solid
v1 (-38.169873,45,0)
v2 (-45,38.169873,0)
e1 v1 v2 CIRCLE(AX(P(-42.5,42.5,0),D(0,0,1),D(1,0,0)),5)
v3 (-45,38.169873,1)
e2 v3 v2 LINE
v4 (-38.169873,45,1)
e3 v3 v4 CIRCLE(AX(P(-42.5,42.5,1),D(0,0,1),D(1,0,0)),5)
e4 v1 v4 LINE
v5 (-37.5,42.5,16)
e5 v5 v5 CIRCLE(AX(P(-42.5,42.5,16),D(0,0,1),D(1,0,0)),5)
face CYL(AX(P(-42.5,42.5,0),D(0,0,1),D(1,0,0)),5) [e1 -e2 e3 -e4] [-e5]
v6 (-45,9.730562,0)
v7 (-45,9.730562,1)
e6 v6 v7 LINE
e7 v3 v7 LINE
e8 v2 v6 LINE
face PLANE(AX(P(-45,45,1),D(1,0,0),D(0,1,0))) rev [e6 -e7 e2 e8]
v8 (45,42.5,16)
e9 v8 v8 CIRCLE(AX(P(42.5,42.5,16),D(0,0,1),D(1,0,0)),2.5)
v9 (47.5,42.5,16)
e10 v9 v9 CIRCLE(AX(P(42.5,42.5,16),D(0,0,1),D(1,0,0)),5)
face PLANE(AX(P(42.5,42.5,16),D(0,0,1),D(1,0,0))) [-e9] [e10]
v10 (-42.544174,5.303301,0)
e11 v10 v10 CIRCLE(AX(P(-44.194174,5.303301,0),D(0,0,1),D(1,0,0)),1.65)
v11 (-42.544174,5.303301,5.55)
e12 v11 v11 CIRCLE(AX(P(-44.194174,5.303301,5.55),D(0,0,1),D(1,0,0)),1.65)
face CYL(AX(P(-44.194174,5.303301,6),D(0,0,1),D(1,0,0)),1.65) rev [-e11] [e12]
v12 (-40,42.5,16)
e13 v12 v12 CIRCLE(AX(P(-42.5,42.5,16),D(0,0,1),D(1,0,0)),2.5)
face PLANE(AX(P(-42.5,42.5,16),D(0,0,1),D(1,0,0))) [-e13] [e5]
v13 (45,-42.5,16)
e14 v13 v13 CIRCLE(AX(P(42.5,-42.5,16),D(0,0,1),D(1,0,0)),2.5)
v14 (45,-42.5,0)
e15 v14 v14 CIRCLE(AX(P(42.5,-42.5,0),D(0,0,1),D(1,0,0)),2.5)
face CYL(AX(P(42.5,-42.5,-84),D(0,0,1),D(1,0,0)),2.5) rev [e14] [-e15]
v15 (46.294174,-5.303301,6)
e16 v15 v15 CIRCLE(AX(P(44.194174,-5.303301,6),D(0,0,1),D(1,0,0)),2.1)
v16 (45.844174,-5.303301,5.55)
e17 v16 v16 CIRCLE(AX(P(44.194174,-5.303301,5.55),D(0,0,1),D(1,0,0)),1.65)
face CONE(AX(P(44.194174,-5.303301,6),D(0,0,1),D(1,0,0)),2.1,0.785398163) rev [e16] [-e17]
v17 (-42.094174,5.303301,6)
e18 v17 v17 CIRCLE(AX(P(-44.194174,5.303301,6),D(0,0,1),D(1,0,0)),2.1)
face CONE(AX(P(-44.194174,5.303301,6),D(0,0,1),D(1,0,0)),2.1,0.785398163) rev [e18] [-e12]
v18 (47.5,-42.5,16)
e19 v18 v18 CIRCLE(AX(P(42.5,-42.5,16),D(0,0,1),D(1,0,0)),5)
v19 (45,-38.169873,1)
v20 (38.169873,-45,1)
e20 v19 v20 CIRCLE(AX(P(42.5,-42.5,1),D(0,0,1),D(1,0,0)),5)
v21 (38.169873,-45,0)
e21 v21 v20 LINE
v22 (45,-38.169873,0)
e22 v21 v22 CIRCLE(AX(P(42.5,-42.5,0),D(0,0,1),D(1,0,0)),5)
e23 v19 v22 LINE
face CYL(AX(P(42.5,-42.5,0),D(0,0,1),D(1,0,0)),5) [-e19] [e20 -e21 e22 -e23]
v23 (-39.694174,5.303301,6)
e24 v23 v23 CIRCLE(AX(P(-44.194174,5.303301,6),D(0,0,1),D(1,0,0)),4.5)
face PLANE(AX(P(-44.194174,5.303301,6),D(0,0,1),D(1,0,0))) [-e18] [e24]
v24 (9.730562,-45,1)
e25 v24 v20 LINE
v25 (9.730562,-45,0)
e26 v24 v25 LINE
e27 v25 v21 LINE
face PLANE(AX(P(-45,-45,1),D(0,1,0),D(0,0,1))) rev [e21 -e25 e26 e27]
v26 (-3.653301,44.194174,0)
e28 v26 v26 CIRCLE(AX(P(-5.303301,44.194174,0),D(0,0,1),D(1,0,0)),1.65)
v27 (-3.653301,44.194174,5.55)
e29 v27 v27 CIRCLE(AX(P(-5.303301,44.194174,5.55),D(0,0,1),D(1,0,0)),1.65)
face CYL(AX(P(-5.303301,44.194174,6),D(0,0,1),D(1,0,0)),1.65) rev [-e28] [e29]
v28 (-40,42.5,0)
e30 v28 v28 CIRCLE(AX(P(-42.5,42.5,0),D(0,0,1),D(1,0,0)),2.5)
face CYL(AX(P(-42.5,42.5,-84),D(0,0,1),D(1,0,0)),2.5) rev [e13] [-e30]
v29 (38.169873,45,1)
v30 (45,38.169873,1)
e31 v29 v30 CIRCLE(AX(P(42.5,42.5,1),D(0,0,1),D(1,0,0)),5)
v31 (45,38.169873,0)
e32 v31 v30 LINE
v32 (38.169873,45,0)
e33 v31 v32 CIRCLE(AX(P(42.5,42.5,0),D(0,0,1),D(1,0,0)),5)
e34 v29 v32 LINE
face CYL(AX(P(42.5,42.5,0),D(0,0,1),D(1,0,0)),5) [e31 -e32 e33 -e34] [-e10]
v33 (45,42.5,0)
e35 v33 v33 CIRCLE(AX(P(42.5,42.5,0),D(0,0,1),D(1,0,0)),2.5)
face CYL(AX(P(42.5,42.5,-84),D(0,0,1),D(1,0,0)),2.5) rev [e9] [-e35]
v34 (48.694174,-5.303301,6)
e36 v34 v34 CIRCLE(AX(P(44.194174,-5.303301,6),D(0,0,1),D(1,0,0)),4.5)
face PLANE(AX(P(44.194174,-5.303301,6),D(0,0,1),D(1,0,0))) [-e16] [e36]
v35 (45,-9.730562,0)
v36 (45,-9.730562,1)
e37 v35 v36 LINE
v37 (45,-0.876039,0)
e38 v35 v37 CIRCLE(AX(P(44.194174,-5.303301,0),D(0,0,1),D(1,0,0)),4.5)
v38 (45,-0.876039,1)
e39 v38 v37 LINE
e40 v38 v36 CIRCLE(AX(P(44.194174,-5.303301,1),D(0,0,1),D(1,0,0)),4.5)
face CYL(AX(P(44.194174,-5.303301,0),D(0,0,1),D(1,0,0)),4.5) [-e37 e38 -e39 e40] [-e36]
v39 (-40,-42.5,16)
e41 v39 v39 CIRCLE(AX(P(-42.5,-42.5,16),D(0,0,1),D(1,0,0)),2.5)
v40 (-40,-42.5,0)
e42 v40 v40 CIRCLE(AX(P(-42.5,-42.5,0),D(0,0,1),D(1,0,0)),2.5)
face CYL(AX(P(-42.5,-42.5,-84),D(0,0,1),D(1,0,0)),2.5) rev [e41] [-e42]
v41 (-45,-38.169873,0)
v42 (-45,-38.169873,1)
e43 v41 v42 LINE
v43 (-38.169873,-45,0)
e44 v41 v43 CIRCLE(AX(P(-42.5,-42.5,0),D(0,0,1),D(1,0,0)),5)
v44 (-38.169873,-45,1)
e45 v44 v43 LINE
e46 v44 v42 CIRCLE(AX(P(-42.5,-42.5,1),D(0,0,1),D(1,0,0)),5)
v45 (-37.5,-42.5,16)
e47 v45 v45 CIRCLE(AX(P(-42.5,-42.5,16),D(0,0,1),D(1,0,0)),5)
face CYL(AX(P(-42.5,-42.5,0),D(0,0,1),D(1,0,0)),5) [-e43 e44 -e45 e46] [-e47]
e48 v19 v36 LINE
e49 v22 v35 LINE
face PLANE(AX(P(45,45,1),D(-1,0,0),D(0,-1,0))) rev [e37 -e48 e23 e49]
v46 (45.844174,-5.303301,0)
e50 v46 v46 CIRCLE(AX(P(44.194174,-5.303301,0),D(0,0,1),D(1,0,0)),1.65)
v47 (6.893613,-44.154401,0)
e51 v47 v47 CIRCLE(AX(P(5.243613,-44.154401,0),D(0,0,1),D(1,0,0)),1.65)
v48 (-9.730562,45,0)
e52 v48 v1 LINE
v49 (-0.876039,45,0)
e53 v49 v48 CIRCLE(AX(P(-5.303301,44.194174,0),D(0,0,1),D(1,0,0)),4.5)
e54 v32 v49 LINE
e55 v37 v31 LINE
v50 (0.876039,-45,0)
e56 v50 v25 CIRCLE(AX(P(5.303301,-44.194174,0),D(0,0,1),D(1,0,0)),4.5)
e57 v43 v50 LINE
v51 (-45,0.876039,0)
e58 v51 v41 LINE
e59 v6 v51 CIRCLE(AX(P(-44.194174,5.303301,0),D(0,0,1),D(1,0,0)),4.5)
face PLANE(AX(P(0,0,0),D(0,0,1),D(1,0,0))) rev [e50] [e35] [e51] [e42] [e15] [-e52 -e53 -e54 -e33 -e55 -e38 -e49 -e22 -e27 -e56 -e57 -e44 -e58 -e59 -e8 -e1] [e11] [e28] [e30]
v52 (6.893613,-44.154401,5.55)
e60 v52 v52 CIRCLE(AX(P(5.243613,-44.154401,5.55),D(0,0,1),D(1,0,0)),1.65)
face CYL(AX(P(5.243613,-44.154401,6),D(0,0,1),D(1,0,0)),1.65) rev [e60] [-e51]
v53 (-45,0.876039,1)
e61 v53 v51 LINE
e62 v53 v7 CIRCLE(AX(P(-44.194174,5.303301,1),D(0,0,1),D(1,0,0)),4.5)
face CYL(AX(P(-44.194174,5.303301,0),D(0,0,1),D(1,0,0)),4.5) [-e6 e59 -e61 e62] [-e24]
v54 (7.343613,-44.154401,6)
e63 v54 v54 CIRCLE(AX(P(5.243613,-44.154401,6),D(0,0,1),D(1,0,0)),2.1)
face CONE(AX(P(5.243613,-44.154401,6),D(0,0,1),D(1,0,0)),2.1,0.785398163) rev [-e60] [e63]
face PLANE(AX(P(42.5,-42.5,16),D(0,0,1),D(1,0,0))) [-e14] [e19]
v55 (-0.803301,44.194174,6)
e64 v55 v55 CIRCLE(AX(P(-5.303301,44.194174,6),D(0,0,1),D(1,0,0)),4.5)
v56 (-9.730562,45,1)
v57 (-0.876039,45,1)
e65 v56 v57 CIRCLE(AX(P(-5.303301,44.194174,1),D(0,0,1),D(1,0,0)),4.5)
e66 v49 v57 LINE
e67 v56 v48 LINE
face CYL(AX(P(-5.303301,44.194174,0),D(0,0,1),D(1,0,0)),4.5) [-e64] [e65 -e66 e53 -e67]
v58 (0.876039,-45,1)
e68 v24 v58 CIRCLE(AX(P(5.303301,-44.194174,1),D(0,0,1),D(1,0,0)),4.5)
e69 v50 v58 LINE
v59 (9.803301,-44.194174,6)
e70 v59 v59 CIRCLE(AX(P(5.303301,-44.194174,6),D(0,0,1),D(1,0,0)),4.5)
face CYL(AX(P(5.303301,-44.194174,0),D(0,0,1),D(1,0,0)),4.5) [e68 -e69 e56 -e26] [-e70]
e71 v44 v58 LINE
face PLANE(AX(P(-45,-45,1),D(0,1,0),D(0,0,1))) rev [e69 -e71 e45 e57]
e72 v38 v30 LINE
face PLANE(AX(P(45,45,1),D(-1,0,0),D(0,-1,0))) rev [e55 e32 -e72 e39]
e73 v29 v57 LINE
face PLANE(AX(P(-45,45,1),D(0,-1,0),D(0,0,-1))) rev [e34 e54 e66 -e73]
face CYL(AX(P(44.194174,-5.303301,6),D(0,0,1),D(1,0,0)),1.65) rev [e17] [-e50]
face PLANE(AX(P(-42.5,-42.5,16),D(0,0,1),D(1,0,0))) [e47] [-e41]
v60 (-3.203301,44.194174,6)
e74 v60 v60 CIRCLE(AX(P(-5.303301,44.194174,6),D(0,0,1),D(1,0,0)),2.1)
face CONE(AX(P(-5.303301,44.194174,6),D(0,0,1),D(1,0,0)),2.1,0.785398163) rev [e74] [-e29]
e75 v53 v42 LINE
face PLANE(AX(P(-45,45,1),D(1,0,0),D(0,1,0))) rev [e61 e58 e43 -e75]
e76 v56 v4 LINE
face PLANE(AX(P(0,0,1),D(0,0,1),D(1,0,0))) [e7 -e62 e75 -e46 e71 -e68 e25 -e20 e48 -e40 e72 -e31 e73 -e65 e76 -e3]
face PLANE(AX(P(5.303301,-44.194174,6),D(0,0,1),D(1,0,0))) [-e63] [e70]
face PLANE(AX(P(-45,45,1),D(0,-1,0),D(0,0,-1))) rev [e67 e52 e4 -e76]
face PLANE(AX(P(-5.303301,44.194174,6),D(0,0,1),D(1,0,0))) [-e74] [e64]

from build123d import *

# Parameters (mm, degrees)
SKIZZE1_W                                            = 90
SKIZZE1_H                                            = 90
AUFSATZ_LINEAR_AUSTRAGEN1_DEPTH                      = 1
AUFSATZ_LINEAR_START                                 = -1
SKIZZE12_R                                           = 5
AUFSATZ_LINEAR_AUSTRAGEN2_DEPTH                      = 16
SKIZZE13_R                                           = 2.5
SCHNITT_LINEAR_AUSTRAGEN6_DEPTH                      = 100
LINEARES_MUSTER1_COUNT                               = 2
LINEARES_MUSTER1_PITCH                               = 85
LINEARES_MUSTER1_COUNT_DIR2                          = 2
LINEARES_MUSTER1_PITCH_DIR2                          = 85
AUFSATZ_LINEAR_AUSTRAGEN3_DEPTH                      = 5
AUFSATZ_LINEAR_AUSTRAGEN3_DEPTH_BACK                 = 1
SKIZZE16_R                                           = 4.5
FORMSENKUNG_F_R_M3_LINSENSENKSCHRAUBE_MI_D           = 3.3
FORMSENKUNG_F_R_M3_LINSENSENKSCHRAUBE_MI_DEPTH       = 20
FORMSENKUNG_F_R_M3_LINSENSENKSCHRAUBE_MI_CSINK_D     = 4.2
FORMSENKUNG_F_R_M3_LINSENSENKSCHRAUBE_MI_CSINK_ANGLE = 90
FORMSENKUNG_F_R_M3_LINSENSENKSCHRAUBE_MI_TIP         = 0.991420021


with BuildPart() as part:
    # Skizze1 → Aufsatz-Linear austragen1 (new body)
    with BuildSketch(Plane.XY):
        Rectangle(SKIZZE1_W, SKIZZE1_H)
    extrude(amount=AUFSATZ_LINEAR_AUSTRAGEN1_DEPTH)

    # Skizze12 → Aufsatz-Linear austragen2 (add)
    with BuildSketch(Plane.XY.offset(1).offset(AUFSATZ_LINEAR_START)):
        with Locations((-42.5, 42.5)):
            Circle(SKIZZE12_R)
    aufsatz_linear_austragen2 = extrude(amount=AUFSATZ_LINEAR_AUSTRAGEN2_DEPTH)

    # Skizze13 → Schnitt-Linear austragen6 (cut)
    with BuildSketch(Plane.XY.offset(16)):
        with Locations((-42.5, 42.5)):
            Circle(SKIZZE13_R)
    schnitt_linear_austragen6 = extrude(amount=-SCHNITT_LINEAR_AUSTRAGEN6_DEPTH, mode=Mode.SUBTRACT)

    # Lineares Muster1: Aufsatz-Linear austragen2, Schnitt-Linear austragen6 2 × 2
    with Locations(*[(i * LINEARES_MUSTER1_PITCH, -j * LINEARES_MUSTER1_PITCH_DIR2, 0) for i in range(LINEARES_MUSTER1_COUNT) for j in range(LINEARES_MUSTER1_COUNT_DIR2) if (i, j) != (0, 0)]):
        add(aufsatz_linear_austragen2)
        add(schnitt_linear_austragen6, mode=Mode.SUBTRACT)

    # Skizze16 → Aufsatz-Linear austragen3 (add, two sides: drawn at the far end of the back side and taken through both)
    with BuildSketch(Plane.XY.offset(1).offset(-AUFSATZ_LINEAR_AUSTRAGEN3_DEPTH_BACK)):
        with Locations((44.194173824, -5.303300859)):
            Circle(SKIZZE16_R)
        with Locations((5.303300859, -44.194173824)):
            Circle(SKIZZE16_R)
        with Locations((-44.194173824, 5.303300859)):
            Circle(SKIZZE16_R)
        with Locations((-5.303300859, 44.194173824)):
            Circle(SKIZZE16_R)
    extrude(amount=AUFSATZ_LINEAR_AUSTRAGEN3_DEPTH + AUFSATZ_LINEAR_AUSTRAGEN3_DEPTH_BACK)

    # Formsenkung für M3 Linsensenkschraube mit Schlitz1
    with Locations(Plane.XY.offset(6)):
        with Locations((5.243612969, -44.154400898), (44.194173824, -5.303300859), (-5.303300859, 44.194173824), (-44.194173824, 5.303300859)):
            CounterSinkHole(FORMSENKUNG_F_R_M3_LINSENSENKSCHRAUBE_MI_D / 2, FORMSENKUNG_F_R_M3_LINSENSENKSCHRAUBE_MI_CSINK_D / 2, depth=FORMSENKUNG_F_R_M3_LINSENSENKSCHRAUBE_MI_DEPTH, counter_sink_angle=FORMSENKUNG_F_R_M3_LINSENSENKSCHRAUBE_MI_CSINK_ANGLE)
            with Locations((0, 0, -(FORMSENKUNG_F_R_M3_LINSENSENKSCHRAUBE_MI_DEPTH + FORMSENKUNG_F_R_M3_LINSENSENKSCHRAUBE_MI_TIP / 2))):  # 118° drill point
                Cone(0, FORMSENKUNG_F_R_M3_LINSENSENKSCHRAUBE_MI_D / 2, FORMSENKUNG_F_R_M3_LINSENSENKSCHRAUBE_MI_TIP, mode=Mode.SUBTRACT)


solid = part.part
